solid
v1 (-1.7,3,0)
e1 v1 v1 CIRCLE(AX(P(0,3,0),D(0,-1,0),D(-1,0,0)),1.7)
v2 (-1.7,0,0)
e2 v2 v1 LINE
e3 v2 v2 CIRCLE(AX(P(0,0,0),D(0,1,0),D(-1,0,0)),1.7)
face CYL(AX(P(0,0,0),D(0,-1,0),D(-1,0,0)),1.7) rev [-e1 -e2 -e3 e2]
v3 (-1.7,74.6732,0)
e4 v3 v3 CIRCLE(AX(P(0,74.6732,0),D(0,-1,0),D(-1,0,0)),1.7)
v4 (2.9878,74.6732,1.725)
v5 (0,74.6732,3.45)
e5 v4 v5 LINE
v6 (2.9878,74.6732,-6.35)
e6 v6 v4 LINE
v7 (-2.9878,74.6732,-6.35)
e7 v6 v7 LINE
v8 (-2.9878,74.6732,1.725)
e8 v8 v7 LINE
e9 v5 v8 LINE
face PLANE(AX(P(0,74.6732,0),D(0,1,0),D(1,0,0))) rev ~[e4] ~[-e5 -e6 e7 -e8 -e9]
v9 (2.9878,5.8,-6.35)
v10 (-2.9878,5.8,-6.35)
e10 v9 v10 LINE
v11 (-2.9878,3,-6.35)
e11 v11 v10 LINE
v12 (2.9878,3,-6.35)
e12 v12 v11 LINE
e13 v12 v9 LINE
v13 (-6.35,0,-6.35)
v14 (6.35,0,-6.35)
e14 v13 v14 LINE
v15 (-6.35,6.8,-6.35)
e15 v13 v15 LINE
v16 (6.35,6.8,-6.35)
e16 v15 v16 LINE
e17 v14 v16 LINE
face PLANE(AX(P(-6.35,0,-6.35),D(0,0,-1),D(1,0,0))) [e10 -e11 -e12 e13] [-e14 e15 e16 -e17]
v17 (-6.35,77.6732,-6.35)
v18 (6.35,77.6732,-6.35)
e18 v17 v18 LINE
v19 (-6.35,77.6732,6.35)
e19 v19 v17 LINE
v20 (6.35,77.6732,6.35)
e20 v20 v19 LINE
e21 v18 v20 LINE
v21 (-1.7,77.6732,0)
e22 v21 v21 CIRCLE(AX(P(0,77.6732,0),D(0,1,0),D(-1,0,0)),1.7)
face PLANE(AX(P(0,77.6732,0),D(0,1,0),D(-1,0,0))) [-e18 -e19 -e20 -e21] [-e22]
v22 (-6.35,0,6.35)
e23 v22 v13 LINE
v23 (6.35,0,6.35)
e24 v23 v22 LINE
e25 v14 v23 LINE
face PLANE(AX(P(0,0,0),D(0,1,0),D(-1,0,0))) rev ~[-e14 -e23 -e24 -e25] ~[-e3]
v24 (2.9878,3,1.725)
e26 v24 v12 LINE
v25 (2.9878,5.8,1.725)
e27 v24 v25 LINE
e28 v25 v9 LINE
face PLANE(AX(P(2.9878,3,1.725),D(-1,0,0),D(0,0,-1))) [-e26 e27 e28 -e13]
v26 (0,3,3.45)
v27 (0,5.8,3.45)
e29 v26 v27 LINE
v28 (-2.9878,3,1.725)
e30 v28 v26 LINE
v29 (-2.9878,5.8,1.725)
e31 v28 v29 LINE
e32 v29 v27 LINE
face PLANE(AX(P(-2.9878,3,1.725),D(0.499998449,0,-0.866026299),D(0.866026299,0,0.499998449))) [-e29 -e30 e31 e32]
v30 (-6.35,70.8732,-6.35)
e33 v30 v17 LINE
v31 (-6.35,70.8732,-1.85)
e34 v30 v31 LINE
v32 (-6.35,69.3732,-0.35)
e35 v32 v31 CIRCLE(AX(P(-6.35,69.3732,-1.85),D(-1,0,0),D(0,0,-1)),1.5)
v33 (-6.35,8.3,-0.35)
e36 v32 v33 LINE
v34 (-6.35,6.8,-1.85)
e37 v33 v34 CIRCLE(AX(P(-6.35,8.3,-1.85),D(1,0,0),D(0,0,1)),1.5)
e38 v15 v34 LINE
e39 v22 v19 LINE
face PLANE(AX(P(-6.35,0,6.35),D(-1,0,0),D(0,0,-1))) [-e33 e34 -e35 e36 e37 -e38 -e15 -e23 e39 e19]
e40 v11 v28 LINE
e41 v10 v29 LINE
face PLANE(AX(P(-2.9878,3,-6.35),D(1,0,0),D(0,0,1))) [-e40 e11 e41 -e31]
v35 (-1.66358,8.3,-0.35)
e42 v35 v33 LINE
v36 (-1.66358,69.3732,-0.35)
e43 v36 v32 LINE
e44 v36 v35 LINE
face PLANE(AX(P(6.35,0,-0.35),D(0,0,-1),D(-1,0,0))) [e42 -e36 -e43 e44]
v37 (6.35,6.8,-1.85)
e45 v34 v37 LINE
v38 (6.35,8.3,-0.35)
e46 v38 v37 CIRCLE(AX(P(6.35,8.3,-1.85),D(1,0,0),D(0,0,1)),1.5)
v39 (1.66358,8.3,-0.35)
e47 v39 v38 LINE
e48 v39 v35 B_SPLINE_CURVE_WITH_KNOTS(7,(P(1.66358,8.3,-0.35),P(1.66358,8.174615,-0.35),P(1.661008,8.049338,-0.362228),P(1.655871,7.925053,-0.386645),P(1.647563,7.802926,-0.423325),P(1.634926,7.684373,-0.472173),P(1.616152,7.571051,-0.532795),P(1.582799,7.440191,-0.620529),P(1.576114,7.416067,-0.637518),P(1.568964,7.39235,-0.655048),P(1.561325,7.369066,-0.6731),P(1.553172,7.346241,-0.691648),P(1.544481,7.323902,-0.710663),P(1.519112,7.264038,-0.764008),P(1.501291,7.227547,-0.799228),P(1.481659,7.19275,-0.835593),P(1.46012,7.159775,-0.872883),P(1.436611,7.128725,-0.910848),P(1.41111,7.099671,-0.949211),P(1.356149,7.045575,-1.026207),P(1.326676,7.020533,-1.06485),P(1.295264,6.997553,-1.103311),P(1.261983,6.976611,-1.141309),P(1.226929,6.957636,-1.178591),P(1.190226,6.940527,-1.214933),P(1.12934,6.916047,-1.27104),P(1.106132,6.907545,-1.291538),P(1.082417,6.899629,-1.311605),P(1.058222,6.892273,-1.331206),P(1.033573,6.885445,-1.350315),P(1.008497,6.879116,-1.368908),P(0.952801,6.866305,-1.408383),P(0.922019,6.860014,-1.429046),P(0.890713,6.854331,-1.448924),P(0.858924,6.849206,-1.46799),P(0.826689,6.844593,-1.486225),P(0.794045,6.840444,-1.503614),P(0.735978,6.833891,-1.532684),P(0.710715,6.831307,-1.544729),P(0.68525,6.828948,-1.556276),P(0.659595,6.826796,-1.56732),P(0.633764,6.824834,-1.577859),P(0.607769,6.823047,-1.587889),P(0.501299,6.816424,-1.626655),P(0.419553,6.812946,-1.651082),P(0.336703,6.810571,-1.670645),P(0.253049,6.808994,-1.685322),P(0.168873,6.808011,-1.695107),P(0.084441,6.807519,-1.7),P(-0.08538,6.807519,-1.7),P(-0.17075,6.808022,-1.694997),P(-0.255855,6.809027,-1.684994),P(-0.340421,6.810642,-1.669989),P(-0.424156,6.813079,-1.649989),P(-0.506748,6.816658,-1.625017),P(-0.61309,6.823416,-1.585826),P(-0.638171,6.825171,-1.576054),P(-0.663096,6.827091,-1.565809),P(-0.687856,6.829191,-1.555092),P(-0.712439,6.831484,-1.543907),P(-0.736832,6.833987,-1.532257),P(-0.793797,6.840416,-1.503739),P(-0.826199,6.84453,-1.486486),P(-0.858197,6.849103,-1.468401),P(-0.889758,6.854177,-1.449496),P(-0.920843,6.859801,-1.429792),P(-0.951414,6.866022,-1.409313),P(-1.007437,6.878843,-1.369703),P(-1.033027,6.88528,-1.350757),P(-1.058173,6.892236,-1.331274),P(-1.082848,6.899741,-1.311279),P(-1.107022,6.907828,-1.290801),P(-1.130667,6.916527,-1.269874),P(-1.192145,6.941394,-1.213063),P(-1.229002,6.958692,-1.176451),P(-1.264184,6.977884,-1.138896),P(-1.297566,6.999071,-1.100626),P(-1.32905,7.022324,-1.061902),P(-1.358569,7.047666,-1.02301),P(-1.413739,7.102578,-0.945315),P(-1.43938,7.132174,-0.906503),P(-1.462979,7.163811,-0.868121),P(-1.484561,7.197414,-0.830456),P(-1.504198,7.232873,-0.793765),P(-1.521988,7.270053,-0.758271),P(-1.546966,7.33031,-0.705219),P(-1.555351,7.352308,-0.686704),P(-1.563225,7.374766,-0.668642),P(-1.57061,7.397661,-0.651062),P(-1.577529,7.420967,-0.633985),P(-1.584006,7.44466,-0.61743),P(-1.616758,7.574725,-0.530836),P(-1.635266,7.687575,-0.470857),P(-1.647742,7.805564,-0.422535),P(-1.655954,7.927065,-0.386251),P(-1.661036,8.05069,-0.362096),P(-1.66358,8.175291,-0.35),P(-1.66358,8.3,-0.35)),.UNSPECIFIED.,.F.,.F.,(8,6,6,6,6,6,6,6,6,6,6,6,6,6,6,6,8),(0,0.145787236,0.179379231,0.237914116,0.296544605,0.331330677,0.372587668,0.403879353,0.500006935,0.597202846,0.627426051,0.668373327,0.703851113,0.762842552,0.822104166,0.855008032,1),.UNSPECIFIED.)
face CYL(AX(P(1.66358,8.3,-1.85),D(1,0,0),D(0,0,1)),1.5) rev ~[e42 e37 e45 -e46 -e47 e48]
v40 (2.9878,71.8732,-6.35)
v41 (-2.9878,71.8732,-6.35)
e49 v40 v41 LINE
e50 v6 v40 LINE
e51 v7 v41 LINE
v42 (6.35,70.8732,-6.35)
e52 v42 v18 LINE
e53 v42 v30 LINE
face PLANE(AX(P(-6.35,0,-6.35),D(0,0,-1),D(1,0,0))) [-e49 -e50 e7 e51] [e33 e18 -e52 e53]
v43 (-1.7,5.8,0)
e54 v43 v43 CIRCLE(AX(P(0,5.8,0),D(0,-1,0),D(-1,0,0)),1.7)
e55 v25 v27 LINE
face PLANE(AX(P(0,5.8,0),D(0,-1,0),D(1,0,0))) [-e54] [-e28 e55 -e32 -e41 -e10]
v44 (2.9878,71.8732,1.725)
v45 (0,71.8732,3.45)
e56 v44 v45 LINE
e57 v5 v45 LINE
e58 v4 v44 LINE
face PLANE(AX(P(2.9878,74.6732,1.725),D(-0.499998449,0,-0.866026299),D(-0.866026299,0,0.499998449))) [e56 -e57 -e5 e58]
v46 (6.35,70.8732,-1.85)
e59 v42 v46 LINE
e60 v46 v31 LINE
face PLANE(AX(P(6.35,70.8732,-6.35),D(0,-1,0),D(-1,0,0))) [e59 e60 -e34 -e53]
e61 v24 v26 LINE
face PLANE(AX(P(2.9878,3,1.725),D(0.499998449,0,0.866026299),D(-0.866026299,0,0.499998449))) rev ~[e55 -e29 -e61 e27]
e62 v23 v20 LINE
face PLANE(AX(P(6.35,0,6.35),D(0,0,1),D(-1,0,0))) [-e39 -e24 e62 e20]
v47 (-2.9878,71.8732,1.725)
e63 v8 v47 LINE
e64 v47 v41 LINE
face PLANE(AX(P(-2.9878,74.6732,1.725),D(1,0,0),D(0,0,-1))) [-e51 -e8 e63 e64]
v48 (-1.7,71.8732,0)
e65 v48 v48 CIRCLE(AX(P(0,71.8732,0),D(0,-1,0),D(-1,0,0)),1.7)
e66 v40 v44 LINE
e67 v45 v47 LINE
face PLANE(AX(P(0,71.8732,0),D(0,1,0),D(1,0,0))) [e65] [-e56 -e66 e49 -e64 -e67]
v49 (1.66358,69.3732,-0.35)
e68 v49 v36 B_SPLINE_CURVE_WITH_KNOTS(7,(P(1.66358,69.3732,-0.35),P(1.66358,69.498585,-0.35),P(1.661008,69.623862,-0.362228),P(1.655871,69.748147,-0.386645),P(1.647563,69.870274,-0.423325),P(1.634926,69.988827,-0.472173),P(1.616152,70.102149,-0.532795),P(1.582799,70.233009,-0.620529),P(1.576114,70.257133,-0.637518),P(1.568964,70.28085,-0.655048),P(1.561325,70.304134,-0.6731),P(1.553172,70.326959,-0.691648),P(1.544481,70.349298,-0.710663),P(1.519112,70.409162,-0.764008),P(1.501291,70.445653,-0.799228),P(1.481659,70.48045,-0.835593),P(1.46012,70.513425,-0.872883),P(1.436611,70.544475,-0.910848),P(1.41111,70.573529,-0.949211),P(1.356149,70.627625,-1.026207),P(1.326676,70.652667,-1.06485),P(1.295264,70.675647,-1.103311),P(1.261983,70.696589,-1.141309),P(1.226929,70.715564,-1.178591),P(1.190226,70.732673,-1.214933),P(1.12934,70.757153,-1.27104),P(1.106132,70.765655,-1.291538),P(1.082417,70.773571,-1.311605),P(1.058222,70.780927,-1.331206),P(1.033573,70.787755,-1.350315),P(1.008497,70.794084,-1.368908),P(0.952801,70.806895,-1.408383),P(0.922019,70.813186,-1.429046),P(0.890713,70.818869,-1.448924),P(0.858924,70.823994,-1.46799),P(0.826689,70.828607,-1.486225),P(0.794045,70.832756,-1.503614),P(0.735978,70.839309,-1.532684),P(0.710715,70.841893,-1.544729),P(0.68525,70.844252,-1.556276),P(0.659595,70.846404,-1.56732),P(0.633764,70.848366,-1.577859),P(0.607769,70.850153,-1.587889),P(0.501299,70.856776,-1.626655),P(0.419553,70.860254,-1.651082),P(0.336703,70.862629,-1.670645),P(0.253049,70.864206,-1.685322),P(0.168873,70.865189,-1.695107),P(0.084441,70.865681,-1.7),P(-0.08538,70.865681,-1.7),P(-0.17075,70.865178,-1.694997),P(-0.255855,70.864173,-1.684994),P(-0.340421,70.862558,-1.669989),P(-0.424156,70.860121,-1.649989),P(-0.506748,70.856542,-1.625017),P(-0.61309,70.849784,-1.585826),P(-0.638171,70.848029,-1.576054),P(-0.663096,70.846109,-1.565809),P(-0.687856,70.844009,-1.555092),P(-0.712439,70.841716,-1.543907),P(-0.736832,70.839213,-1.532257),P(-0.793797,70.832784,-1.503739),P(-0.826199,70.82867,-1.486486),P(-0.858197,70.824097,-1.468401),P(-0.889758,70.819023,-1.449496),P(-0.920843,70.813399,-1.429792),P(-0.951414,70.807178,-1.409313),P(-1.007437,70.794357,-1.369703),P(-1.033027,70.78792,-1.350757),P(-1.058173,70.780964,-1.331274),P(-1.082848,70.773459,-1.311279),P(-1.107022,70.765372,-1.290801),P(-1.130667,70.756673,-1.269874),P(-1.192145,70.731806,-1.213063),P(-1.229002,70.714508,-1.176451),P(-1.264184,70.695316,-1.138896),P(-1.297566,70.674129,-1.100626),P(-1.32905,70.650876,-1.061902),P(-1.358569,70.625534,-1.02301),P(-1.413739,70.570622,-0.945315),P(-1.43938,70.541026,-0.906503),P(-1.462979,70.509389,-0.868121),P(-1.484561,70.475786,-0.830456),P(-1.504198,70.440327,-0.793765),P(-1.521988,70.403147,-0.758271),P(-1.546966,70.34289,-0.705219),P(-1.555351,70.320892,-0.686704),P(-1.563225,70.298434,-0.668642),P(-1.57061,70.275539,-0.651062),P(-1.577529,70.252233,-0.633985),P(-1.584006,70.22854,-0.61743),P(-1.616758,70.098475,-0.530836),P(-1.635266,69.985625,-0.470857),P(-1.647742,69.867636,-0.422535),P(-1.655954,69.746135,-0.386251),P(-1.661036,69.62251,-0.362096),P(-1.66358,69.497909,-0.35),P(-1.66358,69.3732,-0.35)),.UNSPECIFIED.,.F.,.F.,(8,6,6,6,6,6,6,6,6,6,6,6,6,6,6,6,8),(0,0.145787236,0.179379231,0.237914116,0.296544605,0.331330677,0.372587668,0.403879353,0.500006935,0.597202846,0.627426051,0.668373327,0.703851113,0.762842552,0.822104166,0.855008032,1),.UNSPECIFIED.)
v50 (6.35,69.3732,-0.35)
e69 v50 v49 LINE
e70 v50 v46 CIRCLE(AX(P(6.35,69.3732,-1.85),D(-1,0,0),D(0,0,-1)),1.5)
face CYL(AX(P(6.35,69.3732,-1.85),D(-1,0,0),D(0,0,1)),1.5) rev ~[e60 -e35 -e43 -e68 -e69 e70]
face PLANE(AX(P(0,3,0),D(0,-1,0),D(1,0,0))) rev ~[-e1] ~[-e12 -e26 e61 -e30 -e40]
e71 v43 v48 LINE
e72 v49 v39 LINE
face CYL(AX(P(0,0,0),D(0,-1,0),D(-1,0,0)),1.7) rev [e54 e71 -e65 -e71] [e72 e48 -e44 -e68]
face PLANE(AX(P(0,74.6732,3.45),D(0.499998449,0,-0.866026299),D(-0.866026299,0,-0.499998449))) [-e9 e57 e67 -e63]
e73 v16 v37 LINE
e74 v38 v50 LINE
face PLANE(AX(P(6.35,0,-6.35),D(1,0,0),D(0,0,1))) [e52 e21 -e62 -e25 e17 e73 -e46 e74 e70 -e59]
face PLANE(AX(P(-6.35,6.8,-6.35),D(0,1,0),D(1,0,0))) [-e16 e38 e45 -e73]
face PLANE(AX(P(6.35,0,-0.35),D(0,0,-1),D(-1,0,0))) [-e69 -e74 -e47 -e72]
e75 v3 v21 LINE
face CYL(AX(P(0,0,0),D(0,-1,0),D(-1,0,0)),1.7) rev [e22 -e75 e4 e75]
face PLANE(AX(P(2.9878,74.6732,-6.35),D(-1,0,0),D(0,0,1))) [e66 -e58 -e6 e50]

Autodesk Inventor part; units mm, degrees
ref_plane "YZ Plane" through (0, 0, 0) normal (1, 0, 0) x (0, 1, 0)
ref_plane "XZ Plane" through (0, 0, 0) normal (0, 1, 0) x (-1, 0, 0)
ref_plane "XY Plane" through (0, 0, 0) normal (0, 0, 1) x (1, 0, 0)
sketch "Sketch1" plane through (0, 0, 0) normal (0, 1, 0) x (-1, 0, 0)
  line L0 (-6.35, 6.35) -> (6.35, 6.35)
  line L1 (6.35, 6.35) -> (6.35, -6.35)
  line L2 (6.35, -6.35) -> (-6.35, -6.35)
  line L3 (-6.35, -6.35) -> (-6.35, 6.35)
  line L4 (-6.35, 6.35) -> (6.35, -6.35) construction
  line L5 (6.35, 6.35) -> (-6.35, -6.35) construction
  circle A0 centre (0, 0) radius 1.7
  dimension "d0" = 12.7
  dimension "d1" = 12.7
  dimension "d2" = 3.4
extrude "Extrusion1" add sketch "Sketch1" along normal blind 77.6732
ref_plane "Work Plane1" through (0, 74.6732, 0) normal (0, 1, 0) x (1, 0, 0)
sketch "Sketch2" plane through (0, 74.6732, 0) normal (0, 1, 0) x (1, 0, 0)
  circle A0 centre (0, 0) radius 1.7 construction
  circle A1 centre (0, 0) radius 3.45 construction
  line L0 (0, -3.45) -> (-2.9878, -1.725)
  line L1 (-2.9878, -1.725) -> (-2.9878, 6.35)
  line L2 (2.9878, 6.35) -> (2.9878, -1.725)
  line L3 (2.9878, -1.725) -> (0, -3.45)
  line L4 (6.35, 6.35) -> (-6.35, 6.35) projected
  line L5 (-2.9878, 6.35) -> (2.9878, 6.35)
  dimension "d6" = 6.9
extrude "Extrusion2" cut sketch "Sketch2" against normal blind 2.8
ref_plane "Work Plane2" through (0, 3, 0) normal (0, -1, 0) x (1, 0, 0)
sketch "Sketch3" plane through (0, 3, 0) normal (0, -1, 0) x (1, 0, 0)
  circle A0 centre (0, 0) radius 3.45 construction
  line L0 (2.9878, 1.725) -> (0, 3.45) projected
  line L1 (0, 3.45) -> (2.9878, 1.725)
  line L2 (2.9878, 1.725) -> (2.9878, -6.35)
  line L3 (-2.9878, -6.35) -> (-2.9878, 1.725)
  line L4 (-2.9878, 1.725) -> (0, 3.45)
  line L5 (6.35, -6.35) -> (-6.35, -6.35) projected
  line L6 (-2.9878, -6.35) -> (2.9878, -6.35)
  point P0 (2.9878, 1.725)
  dimension "d10" = 6.9
extrude "Extrusion3" cut sketch "Sketch3" against normal blind 2.8
sketch "Sketch4" plane through (6.35, 0, -6.35) normal (0, 0, -1) x (-1, 0, 0)
  line L0 (0, 0) -> (0, 77.6732) projected
  line L1 (12.7, 6.8) -> (0, 6.8)
  line L2 (0, 6.8) -> (0, 70.8732)
  line L3 (0, 70.8732) -> (12.7, 70.8732)
  line L4 (12.7, 70.8732) -> (12.7, 6.8)
  line L5 (9.3378, 71.8732) -> (3.3622, 71.8732) projected
  line L6 (3.3622, 5.8) -> (9.3378, 5.8) projected
  point P0 (6.35, 0)
  point P1 (0, 6.8)
  dimension "d13" = 1
  dimension "d14" = 1
extrude "Extrusion4" cut sketch "Sketch4" against normal blind 6
fillet "Fillet1" radius 1.5 4 edges at (4.0068, 6.8, -0.35) (-4.0068, 6.8, -0.35) (4.0068, 70.8732, -0.35) (-4.0068, 70.8732, -0.35)
properties part number "standoff for walls near wheel"
